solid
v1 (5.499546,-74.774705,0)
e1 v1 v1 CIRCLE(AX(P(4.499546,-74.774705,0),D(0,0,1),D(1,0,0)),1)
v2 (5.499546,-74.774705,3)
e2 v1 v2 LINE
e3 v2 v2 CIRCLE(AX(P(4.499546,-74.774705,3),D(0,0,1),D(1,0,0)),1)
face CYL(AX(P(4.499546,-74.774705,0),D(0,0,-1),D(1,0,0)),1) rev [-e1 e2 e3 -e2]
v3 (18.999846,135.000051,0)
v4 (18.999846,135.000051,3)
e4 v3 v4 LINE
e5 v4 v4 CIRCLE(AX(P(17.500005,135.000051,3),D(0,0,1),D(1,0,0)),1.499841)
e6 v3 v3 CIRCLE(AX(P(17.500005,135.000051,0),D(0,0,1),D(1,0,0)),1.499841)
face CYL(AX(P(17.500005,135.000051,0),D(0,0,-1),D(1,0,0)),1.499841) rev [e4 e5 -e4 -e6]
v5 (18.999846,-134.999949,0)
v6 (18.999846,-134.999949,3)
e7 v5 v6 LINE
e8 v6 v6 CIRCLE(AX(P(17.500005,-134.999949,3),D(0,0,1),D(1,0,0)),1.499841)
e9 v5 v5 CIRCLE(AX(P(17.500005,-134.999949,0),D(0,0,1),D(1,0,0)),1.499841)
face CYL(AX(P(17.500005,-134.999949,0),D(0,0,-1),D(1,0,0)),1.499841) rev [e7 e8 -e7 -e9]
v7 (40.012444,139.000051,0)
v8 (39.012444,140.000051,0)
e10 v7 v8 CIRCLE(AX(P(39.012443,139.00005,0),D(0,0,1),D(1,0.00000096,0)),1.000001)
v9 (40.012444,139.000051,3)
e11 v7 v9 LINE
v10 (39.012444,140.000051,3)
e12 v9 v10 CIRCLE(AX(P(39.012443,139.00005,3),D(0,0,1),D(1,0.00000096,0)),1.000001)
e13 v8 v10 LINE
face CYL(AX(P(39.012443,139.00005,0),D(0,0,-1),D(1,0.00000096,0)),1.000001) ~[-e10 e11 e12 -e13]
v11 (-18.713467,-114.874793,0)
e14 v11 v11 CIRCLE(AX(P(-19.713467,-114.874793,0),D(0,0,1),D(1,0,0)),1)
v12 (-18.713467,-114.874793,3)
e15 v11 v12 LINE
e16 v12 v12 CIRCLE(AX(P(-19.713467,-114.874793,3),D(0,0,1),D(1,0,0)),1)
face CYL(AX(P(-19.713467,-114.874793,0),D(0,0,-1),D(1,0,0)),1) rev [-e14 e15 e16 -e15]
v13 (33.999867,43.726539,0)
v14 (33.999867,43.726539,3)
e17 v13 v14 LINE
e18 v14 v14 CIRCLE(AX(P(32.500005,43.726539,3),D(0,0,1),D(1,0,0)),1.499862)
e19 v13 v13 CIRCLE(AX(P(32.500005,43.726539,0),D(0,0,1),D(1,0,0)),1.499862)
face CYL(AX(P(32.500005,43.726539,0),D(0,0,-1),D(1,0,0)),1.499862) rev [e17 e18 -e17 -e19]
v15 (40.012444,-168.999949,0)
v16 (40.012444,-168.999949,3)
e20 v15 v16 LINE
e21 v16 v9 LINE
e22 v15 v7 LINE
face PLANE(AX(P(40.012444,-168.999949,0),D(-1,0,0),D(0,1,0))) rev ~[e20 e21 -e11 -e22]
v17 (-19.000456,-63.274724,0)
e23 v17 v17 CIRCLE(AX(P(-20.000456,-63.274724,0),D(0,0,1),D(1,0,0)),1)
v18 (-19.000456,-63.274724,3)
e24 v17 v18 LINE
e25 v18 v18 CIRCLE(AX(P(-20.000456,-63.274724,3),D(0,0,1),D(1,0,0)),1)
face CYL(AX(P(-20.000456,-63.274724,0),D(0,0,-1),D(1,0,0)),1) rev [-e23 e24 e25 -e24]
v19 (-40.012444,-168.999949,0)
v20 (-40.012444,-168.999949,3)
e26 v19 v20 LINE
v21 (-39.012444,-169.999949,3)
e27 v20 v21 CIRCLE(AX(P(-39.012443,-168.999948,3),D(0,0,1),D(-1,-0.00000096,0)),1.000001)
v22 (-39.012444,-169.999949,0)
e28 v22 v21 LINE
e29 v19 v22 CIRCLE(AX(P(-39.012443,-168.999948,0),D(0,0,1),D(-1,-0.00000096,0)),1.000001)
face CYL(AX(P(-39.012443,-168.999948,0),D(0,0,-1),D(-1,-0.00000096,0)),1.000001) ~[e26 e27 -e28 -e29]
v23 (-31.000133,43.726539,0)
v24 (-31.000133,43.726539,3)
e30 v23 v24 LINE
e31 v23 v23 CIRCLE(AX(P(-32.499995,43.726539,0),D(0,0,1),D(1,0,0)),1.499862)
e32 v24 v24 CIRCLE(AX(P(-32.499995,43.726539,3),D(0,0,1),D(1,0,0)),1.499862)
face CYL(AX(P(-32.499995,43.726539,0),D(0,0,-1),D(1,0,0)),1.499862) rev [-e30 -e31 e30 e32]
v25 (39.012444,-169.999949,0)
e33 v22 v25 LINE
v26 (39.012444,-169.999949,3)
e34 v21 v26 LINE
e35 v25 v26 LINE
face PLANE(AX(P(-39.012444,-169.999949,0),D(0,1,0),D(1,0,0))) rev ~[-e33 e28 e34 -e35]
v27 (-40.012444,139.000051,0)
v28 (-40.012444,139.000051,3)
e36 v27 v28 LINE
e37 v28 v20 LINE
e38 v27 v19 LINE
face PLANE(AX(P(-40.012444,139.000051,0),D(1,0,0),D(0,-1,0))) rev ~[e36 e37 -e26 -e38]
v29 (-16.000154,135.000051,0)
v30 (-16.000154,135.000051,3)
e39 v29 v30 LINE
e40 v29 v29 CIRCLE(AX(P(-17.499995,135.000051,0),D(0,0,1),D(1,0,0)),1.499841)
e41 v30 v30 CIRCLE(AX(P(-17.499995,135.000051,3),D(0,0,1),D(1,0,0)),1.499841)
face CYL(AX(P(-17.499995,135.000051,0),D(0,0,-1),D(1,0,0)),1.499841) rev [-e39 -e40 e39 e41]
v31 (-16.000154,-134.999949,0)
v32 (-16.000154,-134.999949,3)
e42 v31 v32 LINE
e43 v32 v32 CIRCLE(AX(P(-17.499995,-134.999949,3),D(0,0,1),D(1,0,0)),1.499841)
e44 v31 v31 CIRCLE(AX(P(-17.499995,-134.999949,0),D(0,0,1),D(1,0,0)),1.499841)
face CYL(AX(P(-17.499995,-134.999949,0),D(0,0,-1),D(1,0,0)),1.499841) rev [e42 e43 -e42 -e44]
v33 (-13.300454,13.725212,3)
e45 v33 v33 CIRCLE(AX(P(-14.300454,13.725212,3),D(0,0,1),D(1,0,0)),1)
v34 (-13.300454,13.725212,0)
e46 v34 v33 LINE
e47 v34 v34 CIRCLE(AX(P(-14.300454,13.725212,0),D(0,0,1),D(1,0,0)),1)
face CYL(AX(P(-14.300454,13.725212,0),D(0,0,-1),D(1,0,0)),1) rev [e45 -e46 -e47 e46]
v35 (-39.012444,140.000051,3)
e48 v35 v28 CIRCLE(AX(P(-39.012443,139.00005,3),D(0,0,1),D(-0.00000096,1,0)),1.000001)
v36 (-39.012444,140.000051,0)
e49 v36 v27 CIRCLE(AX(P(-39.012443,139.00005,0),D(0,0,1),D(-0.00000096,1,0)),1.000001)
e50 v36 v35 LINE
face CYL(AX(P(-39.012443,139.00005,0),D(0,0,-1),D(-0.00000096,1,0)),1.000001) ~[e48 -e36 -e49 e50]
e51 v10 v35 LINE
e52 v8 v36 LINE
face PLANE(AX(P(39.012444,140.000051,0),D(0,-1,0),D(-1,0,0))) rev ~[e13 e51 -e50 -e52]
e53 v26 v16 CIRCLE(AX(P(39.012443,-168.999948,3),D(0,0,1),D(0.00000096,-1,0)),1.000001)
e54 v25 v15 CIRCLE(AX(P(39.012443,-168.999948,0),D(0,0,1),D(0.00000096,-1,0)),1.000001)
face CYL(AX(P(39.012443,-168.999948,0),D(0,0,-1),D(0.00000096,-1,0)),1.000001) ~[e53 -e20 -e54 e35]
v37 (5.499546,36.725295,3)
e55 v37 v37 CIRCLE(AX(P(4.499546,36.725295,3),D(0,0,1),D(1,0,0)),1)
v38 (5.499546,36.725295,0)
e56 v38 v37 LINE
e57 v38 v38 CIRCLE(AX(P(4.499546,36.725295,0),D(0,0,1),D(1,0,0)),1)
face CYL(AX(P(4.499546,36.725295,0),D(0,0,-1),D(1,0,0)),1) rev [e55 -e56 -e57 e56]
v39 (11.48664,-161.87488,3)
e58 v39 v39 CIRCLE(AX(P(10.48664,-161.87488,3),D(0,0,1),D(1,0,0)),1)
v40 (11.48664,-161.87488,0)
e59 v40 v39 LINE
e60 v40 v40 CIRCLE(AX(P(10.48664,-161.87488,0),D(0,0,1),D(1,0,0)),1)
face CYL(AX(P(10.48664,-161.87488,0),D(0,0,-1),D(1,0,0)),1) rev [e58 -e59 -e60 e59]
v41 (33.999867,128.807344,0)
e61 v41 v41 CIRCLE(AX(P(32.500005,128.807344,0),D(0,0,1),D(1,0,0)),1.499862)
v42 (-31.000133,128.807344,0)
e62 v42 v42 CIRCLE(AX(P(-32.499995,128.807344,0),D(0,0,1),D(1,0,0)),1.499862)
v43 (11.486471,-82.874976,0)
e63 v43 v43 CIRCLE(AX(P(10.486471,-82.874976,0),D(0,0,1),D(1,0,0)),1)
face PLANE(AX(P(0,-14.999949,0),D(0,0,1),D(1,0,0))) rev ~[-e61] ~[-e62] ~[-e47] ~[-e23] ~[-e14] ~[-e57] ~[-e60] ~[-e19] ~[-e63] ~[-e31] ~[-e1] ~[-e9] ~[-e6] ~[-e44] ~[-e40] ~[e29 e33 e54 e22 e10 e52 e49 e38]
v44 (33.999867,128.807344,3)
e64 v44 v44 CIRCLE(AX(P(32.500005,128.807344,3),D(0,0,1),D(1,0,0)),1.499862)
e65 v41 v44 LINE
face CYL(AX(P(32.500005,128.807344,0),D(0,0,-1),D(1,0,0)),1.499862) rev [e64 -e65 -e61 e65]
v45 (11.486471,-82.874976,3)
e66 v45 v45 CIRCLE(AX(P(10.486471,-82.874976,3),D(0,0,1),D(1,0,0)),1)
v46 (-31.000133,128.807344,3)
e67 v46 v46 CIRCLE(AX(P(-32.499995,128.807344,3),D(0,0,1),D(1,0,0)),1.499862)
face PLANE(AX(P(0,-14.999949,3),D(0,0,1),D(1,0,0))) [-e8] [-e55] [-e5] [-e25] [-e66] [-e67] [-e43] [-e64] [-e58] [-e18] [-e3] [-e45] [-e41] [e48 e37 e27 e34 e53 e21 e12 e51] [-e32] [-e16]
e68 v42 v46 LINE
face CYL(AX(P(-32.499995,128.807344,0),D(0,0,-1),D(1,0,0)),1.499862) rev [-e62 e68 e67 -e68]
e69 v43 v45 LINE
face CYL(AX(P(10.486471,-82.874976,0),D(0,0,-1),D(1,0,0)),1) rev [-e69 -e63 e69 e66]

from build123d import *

# Parameters (mm, degrees)
F0_R     = 1.499841
F0_R_2   = 1
F0_R_3   = 1.499862
F1_DEPTH = 3


with BuildPart() as f1:
    # F0 (on Top) → F1 (new body)
    with BuildSketch(Plane.XY):
        with BuildLine():
            ThreePointArc((40.012444, 139.000051), (39.71955, 139.707158), (39.012444, 140.000051))
            Line((39.012444, 140.000051), (-39.012444, 140.000051))
            ThreePointArc((-39.012444, 140.000051), (-39.71955, 139.707158), (-40.012444, 139.000051))
            Line((-40.012444, 139.000051), (-40.012444, -168.999949))
            ThreePointArc((-40.012444, -168.999949), (-39.71955, -169.707056), (-39.012444, -169.999949))
            Line((-39.012444, -169.999949), (39.012444, -169.999949))
            ThreePointArc((39.012444, -169.999949), (39.71955, -169.707056), (40.012444, -168.999949))
            Line((40.012444, -168.999949), (40.012444, 139.000051))
        make_face()
        with Locations((-17.499995, -134.999949)):
            Circle(F0_R, mode=Mode.SUBTRACT)
        with Locations((-19.713467, -114.874793)):
            Circle(F0_R_2, mode=Mode.SUBTRACT)
        with Locations((-20.000456, -63.274724)):
            Circle(F0_R_2, mode=Mode.SUBTRACT)
        with Locations((10.48664, -161.87488)):
            Circle(F0_R_2, mode=Mode.SUBTRACT)
        with Locations((17.500005, -134.999949)):
            Circle(F0_R, mode=Mode.SUBTRACT)
        with Locations((4.499546, -74.774705)):
            Circle(F0_R_2, mode=Mode.SUBTRACT)
        with Locations((10.486471, -82.874976)):
            Circle(F0_R_2, mode=Mode.SUBTRACT)
        with Locations((-32.499995, 43.726539)):
            Circle(F0_R_3, mode=Mode.SUBTRACT)
        with Locations((-14.300454, 13.725212)):
            Circle(F0_R_2, mode=Mode.SUBTRACT)
        with Locations((-32.499995, 128.807344)):
            Circle(F0_R_3, mode=Mode.SUBTRACT)
        with Locations((-17.499995, 135.000051)):
            Circle(F0_R, mode=Mode.SUBTRACT)
        with Locations((4.499546, 36.725295)):
            Circle(F0_R_2, mode=Mode.SUBTRACT)
        with Locations((32.500005, 43.726539)):
            Circle(F0_R_3, mode=Mode.SUBTRACT)
        with Locations((17.500005, 135.000051)):
            Circle(F0_R, mode=Mode.SUBTRACT)
        with Locations((32.500005, 128.807344)):
            Circle(F0_R_3, mode=Mode.SUBTRACT)
    extrude(amount=F1_DEPTH)


solid = f1.part
